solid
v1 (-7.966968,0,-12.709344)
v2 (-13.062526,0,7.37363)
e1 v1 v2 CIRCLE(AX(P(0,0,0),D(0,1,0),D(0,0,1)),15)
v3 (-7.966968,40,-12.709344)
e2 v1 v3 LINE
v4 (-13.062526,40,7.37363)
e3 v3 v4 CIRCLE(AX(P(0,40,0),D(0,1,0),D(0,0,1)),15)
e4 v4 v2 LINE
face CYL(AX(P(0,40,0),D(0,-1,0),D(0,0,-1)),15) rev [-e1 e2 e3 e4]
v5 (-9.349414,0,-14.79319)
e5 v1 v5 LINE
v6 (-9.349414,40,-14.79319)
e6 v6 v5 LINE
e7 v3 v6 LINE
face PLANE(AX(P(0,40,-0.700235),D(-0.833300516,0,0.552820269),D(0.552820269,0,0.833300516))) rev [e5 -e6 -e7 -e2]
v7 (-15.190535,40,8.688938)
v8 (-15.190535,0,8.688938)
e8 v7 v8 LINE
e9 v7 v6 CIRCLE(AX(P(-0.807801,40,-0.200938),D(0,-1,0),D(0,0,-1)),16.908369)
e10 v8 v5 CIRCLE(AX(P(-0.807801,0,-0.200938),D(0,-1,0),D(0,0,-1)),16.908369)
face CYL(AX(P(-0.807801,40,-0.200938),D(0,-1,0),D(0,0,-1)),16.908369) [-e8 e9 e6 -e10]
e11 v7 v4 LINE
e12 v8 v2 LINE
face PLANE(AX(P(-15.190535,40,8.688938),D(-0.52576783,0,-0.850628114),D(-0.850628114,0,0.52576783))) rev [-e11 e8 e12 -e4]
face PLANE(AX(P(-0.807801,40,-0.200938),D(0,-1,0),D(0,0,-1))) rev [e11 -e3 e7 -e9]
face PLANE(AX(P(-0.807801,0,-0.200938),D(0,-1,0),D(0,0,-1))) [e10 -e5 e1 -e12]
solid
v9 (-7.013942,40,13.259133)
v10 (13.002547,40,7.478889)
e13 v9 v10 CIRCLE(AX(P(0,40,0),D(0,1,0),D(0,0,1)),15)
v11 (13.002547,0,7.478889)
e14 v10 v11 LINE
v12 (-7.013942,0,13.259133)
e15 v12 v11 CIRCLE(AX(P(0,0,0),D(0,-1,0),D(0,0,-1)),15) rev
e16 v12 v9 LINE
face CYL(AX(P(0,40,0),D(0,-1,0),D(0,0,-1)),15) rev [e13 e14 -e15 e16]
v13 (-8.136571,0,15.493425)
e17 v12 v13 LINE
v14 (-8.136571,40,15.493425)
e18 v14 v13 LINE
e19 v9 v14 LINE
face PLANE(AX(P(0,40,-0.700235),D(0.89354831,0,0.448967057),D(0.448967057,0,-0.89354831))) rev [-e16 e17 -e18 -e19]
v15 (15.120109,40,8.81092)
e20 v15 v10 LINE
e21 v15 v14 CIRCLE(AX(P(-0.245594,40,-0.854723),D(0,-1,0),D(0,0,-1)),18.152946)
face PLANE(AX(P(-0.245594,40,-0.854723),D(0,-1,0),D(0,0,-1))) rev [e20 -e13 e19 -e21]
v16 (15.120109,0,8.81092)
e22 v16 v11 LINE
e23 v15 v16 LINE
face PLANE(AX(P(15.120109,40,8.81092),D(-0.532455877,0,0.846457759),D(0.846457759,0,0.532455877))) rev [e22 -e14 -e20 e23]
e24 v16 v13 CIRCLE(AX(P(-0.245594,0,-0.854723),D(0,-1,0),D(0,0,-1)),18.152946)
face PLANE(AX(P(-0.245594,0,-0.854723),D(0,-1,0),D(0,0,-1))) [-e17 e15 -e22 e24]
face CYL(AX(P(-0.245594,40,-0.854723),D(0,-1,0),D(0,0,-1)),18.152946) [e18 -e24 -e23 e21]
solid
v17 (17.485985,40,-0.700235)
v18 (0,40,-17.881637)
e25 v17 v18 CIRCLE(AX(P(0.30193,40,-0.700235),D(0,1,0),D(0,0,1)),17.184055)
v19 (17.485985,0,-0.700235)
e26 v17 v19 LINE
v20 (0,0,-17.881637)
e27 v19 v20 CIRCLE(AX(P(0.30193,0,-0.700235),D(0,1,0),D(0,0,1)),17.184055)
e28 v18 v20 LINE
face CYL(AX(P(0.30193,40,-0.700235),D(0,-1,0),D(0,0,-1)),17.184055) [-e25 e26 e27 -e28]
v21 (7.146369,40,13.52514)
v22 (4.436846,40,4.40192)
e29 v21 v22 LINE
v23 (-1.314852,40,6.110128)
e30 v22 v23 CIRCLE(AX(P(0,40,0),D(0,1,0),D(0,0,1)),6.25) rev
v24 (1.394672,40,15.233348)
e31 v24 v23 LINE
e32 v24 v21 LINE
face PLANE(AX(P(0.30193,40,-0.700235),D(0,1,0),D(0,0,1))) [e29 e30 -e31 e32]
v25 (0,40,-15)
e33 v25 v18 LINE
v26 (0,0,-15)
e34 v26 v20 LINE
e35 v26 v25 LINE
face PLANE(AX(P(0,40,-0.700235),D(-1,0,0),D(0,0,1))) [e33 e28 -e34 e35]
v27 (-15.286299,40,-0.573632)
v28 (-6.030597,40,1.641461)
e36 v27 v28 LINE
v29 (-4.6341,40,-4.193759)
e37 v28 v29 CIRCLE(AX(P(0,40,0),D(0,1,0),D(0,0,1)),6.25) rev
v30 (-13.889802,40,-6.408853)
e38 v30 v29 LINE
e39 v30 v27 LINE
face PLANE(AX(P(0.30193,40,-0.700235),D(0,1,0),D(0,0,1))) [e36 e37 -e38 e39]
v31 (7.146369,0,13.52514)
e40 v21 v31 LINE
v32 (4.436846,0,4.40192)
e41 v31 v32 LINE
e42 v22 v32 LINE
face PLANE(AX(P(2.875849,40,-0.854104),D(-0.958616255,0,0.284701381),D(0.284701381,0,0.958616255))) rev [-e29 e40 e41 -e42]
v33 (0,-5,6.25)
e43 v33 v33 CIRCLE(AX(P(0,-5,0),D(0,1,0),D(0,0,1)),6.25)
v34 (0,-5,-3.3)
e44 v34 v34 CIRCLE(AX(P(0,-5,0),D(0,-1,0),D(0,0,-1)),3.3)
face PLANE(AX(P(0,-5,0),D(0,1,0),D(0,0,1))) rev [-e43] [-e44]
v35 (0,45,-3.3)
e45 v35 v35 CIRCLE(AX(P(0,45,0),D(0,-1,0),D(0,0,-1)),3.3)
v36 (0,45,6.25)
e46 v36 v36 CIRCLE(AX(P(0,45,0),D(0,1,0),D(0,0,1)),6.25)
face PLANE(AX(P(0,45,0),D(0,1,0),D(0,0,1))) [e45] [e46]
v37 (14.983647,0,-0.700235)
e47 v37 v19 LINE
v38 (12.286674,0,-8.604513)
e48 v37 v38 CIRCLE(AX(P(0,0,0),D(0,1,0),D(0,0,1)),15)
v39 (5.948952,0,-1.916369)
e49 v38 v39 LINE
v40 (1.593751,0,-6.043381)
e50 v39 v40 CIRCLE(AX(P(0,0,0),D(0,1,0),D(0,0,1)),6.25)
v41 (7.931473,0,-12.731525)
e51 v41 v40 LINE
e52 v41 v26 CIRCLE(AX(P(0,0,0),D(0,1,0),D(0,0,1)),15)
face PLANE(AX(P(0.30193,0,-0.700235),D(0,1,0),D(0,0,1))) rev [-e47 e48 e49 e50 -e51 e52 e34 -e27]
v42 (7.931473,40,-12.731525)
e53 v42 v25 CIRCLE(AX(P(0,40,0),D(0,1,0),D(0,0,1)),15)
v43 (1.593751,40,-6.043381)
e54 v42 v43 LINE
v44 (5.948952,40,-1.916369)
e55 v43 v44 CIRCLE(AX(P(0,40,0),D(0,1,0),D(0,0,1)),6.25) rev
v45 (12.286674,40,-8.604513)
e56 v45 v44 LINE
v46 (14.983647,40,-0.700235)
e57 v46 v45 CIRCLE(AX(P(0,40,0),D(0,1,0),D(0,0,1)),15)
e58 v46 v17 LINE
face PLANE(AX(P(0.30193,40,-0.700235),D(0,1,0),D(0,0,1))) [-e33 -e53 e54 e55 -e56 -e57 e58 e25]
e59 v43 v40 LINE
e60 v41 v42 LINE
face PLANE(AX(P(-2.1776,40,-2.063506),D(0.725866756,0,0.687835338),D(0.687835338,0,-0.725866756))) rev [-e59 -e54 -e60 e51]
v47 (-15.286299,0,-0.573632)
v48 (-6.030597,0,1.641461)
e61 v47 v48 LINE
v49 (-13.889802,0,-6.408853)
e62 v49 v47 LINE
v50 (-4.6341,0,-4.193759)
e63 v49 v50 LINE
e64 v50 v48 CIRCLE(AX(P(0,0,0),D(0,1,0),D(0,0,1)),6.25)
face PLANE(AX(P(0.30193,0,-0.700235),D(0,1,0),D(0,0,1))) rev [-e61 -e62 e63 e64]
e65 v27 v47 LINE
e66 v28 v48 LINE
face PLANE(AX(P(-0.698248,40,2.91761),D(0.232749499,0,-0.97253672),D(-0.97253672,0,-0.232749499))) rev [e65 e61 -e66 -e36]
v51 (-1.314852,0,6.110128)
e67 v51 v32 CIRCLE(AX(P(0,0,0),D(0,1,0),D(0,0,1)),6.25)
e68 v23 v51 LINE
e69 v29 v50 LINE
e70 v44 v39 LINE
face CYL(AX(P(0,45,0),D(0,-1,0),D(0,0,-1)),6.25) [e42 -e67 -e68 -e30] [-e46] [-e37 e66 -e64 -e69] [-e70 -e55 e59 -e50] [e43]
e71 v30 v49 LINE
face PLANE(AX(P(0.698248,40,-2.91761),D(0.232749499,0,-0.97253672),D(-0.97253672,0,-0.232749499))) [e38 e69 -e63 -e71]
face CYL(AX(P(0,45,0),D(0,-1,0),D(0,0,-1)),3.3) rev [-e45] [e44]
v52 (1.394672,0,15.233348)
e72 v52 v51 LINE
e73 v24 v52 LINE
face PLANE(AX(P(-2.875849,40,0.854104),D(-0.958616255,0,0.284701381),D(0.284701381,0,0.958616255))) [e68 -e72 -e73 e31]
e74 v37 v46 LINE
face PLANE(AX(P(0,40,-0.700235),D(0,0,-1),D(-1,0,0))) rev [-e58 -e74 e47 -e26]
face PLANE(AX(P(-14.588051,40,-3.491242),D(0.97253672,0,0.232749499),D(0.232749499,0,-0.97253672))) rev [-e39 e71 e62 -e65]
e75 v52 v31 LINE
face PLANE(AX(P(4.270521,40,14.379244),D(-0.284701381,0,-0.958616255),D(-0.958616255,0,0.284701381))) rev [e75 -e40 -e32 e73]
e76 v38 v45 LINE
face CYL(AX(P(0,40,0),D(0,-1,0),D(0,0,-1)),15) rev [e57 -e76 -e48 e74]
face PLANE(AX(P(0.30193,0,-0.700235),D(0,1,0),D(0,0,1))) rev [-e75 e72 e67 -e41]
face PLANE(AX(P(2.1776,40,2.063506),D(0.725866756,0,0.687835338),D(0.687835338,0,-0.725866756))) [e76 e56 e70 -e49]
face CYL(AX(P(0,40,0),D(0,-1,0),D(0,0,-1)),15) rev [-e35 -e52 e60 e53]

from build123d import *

# Parameters (mm, degrees)
BOSS_EXTRUDE6_DEPTH   = 40
BOSS_EXTRUDE6_2_DEPTH = 40
BOSS_EXTRUDE6_3_DEPTH = 40
SKETCH12_R            = 15
CUT_EXTRUDE9_DEPTH    = 40
BOSS_EXTRUDE8_DEPTH   = 40
SKETCH18_R            = 6.25
BOSS_EXTRUDE9_DEPTH   = 45
SKETCH18_2_R          = 6.25
BOSS_EXTRUDE10_DEPTH  = 5
SKETCH19_R            = 3.3
CUT_EXTRUDE10_DEPTH   = 50


with BuildPart() as part:
    # Sketch11 → Boss-Extrude6 (new body)
    with BuildSketch(Plane(origin=(0, 0, 0), x_dir=(1, 0, 0), z_dir=(0, 1, 0))):
        with BuildLine():
            ThreePointArc((-9.349413612, 14.793189822), (-17.216152438, 4.282475359), (-15.190534929, -8.688938287))
            Line((-15.190534929, -8.688938287), (0, 0.700234787))
            Line((0, 0.700234787), (-9.349413612, 14.793189822))
        make_face()
    extrude(amount=BOSS_EXTRUDE6_DEPTH)


with BuildPart() as body_2:
    # Sketch11 → Boss-Extrude6 2 (new body)
    with BuildSketch(Plane(origin=(0, 0, 0), x_dir=(1, 0, 0), z_dir=(0, 1, 0))):
        with BuildLine():
            Line((0, 17.881636961), (0, 0.700234787))
            Line((0, 0.700234787), (17.485984995, 0.700234787))
            ThreePointArc((17.485984995, 0.700234787), (12.345670366, 12.957480113), (0, 17.881636961))
        make_face()
    extrude(amount=BOSS_EXTRUDE6_2_DEPTH)


with BuildPart() as body_3:
    # Sketch11 → Boss-Extrude6 3 (new body)
    with BuildSketch(Plane(origin=(0, 0, 0), x_dir=(1, 0, 0), z_dir=(0, 1, 0))):
        with BuildLine():
            Line((15.120108753, -8.810920002), (0, 0.700234787))
            Line((0, 0.700234787), (-8.136571383, -15.49342461))
            ThreePointArc((-8.136571383, -15.49342461), (4.767573461, -16.592271542), (15.120108753, -8.810920002))
        make_face()
    extrude(amount=BOSS_EXTRUDE6_3_DEPTH)


with BuildPart() as cut_extrude9_tool:
    # Sketch12 → Cut-Extrude9 (new body)
    with BuildSketch(Plane(origin=(0, 0, 0), x_dir=(1, 0, 0), z_dir=(0, 1, 0))):
        Circle(SKETCH12_R)
    extrude(amount=CUT_EXTRUDE9_DEPTH)


with BuildPart() as part_1:
    add(part.part)

    # Cut-Extrude9: cut by cut_extrude9_tool
    add(cut_extrude9_tool.part, mode=Mode.SUBTRACT)


with BuildPart() as body_2_1:
    add(body_2.part)

    # Cut-Extrude9: cut by cut_extrude9_tool
    add(cut_extrude9_tool.part, mode=Mode.SUBTRACT)



with BuildPart() as body_3_1:
    add(body_3.part)

    # Cut-Extrude9: cut by cut_extrude9_tool
    add(cut_extrude9_tool.part, mode=Mode.SUBTRACT)


with BuildPart() as body_4:
    # Sketch17 → Boss-Extrude8 (new body)
    with BuildSketch(Plane(origin=(0, 0, 0), x_dir=(1, 0, 0), z_dir=(0, 1, 0))):
        Polygon((3.368966021, -0.806267914), (12.495130342, 8.824495324), (8.139929807, 12.951507354), (-0.986234515, 3.320744116), (-13.889802298, 6.408852638), (-15.286299289, 0.573632321), (-2.382731506, -2.514476202), (1.394671955, -15.233347962), (7.146369483, -13.525139675), align=None)
    extrude(amount=BOSS_EXTRUDE8_DEPTH)


with BuildPart() as body_2_2:
    add(body_2_1.part)

    add(body_4.part)  # Boss-Extrude9 merges body 4
    # Sketch18 → Boss-Extrude9 (add)
    with BuildSketch(Plane(origin=(0, 0, 0), x_dir=(1, 0, 0), z_dir=(0, 1, 0))):
        Circle(SKETCH18_R)
    extrude(amount=BOSS_EXTRUDE9_DEPTH)

    # Sketch18<2> → Boss-Extrude10 (add)
    with BuildSketch(Plane(origin=(0, 0, 0), x_dir=(1, 0, 0), z_dir=(0, 1, 0))):
        Circle(SKETCH18_2_R)
    extrude(amount=-BOSS_EXTRUDE10_DEPTH)

    # Sketch19 → Cut-Extrude10 (cut)
    with BuildSketch(Plane(origin=(0, -5, 0), x_dir=(-1, 0, 0), z_dir=(0, -1, 0))):
        Circle(SKETCH19_R)
    extrude(amount=-CUT_EXTRUDE10_DEPTH, mode=Mode.SUBTRACT)


solid = Compound([part_1.part, body_3_1.part, body_2_2.part])
